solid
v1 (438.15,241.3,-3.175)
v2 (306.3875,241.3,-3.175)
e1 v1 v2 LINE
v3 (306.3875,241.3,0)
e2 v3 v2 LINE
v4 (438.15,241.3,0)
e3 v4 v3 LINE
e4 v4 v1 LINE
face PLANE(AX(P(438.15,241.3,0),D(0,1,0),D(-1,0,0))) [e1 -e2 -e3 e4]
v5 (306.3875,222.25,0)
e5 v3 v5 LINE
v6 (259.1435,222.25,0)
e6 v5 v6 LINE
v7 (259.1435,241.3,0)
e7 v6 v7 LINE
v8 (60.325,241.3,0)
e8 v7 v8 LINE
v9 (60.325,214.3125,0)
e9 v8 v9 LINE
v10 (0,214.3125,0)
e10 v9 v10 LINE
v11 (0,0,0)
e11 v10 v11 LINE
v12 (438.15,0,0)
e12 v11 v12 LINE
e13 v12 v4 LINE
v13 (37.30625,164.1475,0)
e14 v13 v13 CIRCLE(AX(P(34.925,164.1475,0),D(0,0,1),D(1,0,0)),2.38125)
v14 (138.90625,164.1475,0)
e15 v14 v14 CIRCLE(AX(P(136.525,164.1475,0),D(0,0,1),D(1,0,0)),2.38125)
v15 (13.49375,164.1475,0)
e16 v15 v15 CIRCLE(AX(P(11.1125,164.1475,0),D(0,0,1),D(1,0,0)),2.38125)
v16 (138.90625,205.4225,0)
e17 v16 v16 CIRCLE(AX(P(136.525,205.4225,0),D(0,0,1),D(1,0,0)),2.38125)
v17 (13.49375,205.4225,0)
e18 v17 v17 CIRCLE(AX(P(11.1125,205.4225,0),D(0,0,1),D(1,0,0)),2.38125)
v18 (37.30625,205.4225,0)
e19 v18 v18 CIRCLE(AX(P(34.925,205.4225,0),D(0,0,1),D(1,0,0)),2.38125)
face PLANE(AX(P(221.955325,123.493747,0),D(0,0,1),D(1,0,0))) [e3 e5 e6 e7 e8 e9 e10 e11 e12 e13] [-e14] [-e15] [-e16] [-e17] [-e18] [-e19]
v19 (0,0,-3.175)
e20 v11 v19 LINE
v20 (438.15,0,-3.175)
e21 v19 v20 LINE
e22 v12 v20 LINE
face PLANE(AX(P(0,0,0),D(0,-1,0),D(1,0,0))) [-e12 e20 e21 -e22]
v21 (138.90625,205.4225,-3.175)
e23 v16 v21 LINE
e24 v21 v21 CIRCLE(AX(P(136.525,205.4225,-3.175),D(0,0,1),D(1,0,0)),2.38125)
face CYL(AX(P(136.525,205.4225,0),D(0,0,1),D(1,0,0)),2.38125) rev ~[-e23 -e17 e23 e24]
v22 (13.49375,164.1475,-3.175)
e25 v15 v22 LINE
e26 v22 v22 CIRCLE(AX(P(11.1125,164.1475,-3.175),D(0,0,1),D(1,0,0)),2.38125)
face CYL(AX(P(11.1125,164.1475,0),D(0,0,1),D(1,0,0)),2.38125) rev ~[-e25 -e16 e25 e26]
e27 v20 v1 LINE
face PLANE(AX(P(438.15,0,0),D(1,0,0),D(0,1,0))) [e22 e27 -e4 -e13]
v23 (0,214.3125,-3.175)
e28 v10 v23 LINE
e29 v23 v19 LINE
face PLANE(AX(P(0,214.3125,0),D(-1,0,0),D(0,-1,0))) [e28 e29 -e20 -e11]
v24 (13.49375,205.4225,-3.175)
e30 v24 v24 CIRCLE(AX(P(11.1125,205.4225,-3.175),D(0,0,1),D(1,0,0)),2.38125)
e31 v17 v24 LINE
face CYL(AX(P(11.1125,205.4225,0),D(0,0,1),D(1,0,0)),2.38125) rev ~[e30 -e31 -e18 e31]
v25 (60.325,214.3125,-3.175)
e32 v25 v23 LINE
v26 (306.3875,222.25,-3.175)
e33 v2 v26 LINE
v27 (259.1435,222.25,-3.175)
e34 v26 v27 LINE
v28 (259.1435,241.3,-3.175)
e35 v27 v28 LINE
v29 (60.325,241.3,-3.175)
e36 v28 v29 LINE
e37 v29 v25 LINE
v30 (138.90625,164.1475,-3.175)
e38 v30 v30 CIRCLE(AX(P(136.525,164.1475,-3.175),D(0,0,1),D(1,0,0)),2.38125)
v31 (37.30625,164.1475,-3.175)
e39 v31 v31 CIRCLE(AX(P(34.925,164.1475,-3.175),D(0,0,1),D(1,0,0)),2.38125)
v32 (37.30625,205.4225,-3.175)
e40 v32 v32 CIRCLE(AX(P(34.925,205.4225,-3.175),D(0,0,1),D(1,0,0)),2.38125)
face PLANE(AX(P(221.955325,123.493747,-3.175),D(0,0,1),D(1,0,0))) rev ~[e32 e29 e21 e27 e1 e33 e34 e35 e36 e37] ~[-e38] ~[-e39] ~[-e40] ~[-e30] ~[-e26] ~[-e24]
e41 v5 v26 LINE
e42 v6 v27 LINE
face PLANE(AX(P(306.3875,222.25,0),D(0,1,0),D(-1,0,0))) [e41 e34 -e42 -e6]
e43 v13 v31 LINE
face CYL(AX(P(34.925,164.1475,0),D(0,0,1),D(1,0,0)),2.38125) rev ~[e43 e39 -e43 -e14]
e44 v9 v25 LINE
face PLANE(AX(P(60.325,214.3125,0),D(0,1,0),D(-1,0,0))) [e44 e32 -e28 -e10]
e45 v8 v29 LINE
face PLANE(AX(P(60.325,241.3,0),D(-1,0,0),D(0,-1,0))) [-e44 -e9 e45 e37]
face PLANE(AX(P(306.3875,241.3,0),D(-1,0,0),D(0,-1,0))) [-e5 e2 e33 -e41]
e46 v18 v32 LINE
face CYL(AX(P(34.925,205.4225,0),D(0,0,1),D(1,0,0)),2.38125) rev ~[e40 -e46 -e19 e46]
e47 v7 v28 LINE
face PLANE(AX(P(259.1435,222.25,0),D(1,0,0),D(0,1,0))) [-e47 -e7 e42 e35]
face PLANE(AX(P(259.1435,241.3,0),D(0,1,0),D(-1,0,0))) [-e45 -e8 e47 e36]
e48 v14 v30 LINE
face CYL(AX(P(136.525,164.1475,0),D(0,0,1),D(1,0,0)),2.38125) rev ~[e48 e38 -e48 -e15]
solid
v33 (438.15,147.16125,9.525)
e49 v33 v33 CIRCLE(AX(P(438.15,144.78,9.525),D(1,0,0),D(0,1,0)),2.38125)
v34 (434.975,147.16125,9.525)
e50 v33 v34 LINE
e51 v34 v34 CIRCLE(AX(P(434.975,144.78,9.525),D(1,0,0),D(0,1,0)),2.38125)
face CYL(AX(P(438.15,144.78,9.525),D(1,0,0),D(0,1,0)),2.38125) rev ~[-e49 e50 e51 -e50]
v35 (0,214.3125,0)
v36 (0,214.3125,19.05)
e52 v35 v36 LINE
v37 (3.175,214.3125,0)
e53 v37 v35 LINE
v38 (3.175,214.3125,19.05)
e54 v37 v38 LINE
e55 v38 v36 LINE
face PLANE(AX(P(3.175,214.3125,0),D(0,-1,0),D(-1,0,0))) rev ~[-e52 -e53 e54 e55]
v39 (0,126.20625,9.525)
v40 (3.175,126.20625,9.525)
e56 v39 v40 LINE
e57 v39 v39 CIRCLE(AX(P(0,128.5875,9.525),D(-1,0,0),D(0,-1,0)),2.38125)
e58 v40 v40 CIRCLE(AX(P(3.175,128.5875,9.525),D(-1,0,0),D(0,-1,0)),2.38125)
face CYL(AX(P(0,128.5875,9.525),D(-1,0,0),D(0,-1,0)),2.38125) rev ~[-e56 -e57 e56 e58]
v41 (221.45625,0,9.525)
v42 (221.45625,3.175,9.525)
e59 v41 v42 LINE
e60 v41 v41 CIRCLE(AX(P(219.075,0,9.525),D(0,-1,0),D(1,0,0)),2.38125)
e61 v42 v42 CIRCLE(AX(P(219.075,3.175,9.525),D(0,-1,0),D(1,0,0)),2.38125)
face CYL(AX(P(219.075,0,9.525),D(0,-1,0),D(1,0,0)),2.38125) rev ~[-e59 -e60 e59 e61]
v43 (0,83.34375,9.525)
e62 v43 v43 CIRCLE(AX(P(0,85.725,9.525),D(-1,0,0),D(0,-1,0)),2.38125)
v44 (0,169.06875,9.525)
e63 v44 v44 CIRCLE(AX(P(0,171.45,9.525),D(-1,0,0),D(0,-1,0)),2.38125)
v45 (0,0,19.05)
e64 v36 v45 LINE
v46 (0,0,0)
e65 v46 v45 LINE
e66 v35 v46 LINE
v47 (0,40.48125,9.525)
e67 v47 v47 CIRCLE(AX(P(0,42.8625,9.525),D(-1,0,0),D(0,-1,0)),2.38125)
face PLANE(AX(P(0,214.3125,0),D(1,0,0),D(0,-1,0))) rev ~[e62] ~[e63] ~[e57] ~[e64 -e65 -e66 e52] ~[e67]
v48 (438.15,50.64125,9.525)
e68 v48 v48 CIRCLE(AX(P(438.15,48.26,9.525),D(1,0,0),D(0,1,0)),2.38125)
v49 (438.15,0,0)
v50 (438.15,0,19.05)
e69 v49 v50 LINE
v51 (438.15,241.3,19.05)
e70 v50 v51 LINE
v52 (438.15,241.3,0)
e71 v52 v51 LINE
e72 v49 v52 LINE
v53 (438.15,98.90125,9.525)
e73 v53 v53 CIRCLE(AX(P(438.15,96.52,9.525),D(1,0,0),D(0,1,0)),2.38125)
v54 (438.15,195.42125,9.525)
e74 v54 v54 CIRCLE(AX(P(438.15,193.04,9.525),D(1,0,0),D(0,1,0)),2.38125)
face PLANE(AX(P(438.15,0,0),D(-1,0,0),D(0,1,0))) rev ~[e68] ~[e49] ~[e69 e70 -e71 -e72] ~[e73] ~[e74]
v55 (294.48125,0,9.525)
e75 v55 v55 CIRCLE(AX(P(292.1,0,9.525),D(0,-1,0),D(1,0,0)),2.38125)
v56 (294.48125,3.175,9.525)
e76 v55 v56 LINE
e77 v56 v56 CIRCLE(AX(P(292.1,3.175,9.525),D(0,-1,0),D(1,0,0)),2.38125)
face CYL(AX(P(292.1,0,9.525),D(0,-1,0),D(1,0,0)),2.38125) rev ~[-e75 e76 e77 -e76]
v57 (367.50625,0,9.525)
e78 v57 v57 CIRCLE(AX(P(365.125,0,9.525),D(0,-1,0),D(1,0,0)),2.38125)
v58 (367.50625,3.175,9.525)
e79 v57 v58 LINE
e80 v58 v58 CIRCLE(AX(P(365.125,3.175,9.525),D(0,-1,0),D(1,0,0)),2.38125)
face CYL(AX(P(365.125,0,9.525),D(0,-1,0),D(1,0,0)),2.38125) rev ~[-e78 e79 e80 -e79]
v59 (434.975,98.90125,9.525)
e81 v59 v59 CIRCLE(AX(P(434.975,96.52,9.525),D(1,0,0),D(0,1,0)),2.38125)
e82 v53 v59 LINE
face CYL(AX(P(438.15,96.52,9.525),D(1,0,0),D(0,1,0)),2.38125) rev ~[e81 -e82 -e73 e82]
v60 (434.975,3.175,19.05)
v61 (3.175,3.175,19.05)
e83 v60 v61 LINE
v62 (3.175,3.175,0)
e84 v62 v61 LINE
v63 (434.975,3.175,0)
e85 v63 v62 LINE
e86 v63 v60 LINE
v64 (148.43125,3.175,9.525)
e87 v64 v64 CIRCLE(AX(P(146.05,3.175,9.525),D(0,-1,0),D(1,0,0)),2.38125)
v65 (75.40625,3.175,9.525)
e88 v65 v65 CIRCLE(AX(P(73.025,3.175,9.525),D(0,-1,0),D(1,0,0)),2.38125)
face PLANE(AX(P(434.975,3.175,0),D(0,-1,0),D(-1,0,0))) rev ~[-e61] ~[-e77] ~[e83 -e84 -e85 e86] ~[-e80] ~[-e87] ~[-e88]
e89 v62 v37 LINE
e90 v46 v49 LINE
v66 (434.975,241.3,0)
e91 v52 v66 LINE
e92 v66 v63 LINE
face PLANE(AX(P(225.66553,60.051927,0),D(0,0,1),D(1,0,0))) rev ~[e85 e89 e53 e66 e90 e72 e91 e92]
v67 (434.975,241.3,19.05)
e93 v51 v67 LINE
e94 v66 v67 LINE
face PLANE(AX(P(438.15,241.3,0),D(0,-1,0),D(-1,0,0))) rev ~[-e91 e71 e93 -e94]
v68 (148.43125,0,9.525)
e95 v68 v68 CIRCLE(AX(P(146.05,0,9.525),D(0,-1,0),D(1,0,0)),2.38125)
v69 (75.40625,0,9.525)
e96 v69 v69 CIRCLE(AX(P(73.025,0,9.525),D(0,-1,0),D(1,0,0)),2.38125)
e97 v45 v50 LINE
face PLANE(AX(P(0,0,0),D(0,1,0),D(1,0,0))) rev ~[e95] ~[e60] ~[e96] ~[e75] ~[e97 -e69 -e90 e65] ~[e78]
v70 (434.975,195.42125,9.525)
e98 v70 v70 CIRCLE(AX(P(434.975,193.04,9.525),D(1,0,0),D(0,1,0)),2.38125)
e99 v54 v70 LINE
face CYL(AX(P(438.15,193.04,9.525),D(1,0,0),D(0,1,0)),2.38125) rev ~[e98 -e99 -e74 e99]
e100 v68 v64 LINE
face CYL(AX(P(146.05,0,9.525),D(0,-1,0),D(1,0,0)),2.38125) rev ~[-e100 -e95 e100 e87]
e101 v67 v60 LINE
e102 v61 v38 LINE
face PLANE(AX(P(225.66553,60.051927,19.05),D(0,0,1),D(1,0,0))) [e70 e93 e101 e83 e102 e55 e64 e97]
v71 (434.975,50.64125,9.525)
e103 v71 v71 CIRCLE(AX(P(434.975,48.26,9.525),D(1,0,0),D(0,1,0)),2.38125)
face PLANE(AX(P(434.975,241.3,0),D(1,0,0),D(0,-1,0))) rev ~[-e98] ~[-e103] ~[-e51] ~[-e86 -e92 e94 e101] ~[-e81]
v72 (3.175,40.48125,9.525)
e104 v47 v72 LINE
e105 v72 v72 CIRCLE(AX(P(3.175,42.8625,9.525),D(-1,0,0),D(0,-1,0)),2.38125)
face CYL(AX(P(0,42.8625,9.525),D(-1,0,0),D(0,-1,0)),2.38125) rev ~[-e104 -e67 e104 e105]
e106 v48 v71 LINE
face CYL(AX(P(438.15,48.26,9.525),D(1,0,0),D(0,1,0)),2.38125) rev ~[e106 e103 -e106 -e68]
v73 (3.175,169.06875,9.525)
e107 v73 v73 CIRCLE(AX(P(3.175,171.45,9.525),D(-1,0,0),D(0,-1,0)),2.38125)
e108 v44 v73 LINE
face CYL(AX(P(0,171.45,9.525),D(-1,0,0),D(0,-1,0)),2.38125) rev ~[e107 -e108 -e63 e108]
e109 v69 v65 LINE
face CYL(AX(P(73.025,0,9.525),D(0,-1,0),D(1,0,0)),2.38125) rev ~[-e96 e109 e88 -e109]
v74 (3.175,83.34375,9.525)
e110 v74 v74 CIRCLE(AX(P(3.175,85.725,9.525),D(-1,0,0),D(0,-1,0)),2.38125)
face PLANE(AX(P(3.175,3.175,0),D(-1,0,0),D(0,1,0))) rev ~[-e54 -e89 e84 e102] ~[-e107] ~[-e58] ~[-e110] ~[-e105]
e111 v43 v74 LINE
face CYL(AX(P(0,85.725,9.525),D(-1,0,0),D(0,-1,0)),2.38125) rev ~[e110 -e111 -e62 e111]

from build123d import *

# Parameters (mm, degrees)
F1_DEPTH = 19.05
F0_R     = 2.38125
F2_DEPTH = 3.175
F3_R     = 2.38125
F4_DEPTH = 12.7
F5_R     = 2.38125
F6_DEPTH = 12.7
F7_R     = 2.38125
F8_DEPTH = 12.7


with BuildPart() as f1:
    # F0 (on Top) → F1 (new body)
    with BuildSketch(Plane.XY):
        Polygon((0, 214.3125), (0, 0), (438.15, 0), (438.15, 241.3), (434.975, 241.3), (434.975, 3.175), (3.175, 3.175), (3.175, 214.3125), align=None)
    extrude(amount=F1_DEPTH)

    # F3 (on face) → F4 (cut)
    with BuildSketch(Plane(origin=(0, 0, 0), x_dir=(0, -1, 0), z_dir=(-1, 0, 0))):
        with Locations((-171.45, 9.525)):
            Circle(F3_R)
        with Locations((-128.5875, 9.525)):
            Circle(F3_R)
        with Locations((-85.725, 9.525)):
            Circle(F3_R)
        with Locations((-42.8625, 9.525)):
            Circle(F3_R)
    extrude(amount=-F4_DEPTH, mode=Mode.SUBTRACT)

    # F5 (on face) → F6 (cut)
    with BuildSketch(Plane.XZ):
        with Locations((73.025, 9.525)):
            Circle(F5_R)
        with Locations((146.05, 9.525)):
            Circle(F5_R)
        with Locations((219.075, 9.525)):
            Circle(F5_R)
        with Locations((292.1, 9.525)):
            Circle(F5_R)
        with Locations((365.125, 9.525)):
            Circle(F5_R)
    extrude(amount=-F6_DEPTH, mode=Mode.SUBTRACT)

    # F7 (on face) → F8 (cut)
    with BuildSketch(Plane.YZ.offset(438.15)):
        with Locations((48.26, 9.525)):
            Circle(F7_R)
        with Locations((96.52, 9.525)):
            Circle(F7_R)
        with Locations((144.78, 9.525)):
            Circle(F7_R)
        with Locations((193.04, 9.525)):
            Circle(F7_R)
    extrude(amount=-F8_DEPTH, mode=Mode.SUBTRACT)


with BuildPart() as f2:
    # F0 (on Top) → F2 (new body)
    with BuildSketch(Plane.XY):
        Polygon((60.325, 214.3125), (3.175, 214.3125), (3.175, 3.175), (434.975, 3.175), (434.975, 241.3), (306.3875, 241.3), (306.3875, 222.25), (259.1435, 222.25), (259.1435, 241.3), (60.325, 241.3), align=None)
        with Locations((11.1125, 164.1475)):
            Circle(F0_R, mode=Mode.SUBTRACT)
        with Locations((34.925, 164.1475)):
            Circle(F0_R, mode=Mode.SUBTRACT)
        with Locations((136.525, 164.1475)):
            Circle(F0_R, mode=Mode.SUBTRACT)
        with Locations((11.1125, 205.4225)):
            Circle(F0_R, mode=Mode.SUBTRACT)
        with Locations((34.925, 205.4225)):
            Circle(F0_R, mode=Mode.SUBTRACT)
        with Locations((136.525, 205.4225)):
            Circle(F0_R, mode=Mode.SUBTRACT)
        Polygon((0, 214.3125), (0, 0), (438.15, 0), (438.15, 241.3), (434.975, 241.3), (434.975, 3.175), (3.175, 3.175), (3.175, 214.3125), align=None)
    extrude(amount=-F2_DEPTH)


solid = Compound([f1.part, f2.part])
